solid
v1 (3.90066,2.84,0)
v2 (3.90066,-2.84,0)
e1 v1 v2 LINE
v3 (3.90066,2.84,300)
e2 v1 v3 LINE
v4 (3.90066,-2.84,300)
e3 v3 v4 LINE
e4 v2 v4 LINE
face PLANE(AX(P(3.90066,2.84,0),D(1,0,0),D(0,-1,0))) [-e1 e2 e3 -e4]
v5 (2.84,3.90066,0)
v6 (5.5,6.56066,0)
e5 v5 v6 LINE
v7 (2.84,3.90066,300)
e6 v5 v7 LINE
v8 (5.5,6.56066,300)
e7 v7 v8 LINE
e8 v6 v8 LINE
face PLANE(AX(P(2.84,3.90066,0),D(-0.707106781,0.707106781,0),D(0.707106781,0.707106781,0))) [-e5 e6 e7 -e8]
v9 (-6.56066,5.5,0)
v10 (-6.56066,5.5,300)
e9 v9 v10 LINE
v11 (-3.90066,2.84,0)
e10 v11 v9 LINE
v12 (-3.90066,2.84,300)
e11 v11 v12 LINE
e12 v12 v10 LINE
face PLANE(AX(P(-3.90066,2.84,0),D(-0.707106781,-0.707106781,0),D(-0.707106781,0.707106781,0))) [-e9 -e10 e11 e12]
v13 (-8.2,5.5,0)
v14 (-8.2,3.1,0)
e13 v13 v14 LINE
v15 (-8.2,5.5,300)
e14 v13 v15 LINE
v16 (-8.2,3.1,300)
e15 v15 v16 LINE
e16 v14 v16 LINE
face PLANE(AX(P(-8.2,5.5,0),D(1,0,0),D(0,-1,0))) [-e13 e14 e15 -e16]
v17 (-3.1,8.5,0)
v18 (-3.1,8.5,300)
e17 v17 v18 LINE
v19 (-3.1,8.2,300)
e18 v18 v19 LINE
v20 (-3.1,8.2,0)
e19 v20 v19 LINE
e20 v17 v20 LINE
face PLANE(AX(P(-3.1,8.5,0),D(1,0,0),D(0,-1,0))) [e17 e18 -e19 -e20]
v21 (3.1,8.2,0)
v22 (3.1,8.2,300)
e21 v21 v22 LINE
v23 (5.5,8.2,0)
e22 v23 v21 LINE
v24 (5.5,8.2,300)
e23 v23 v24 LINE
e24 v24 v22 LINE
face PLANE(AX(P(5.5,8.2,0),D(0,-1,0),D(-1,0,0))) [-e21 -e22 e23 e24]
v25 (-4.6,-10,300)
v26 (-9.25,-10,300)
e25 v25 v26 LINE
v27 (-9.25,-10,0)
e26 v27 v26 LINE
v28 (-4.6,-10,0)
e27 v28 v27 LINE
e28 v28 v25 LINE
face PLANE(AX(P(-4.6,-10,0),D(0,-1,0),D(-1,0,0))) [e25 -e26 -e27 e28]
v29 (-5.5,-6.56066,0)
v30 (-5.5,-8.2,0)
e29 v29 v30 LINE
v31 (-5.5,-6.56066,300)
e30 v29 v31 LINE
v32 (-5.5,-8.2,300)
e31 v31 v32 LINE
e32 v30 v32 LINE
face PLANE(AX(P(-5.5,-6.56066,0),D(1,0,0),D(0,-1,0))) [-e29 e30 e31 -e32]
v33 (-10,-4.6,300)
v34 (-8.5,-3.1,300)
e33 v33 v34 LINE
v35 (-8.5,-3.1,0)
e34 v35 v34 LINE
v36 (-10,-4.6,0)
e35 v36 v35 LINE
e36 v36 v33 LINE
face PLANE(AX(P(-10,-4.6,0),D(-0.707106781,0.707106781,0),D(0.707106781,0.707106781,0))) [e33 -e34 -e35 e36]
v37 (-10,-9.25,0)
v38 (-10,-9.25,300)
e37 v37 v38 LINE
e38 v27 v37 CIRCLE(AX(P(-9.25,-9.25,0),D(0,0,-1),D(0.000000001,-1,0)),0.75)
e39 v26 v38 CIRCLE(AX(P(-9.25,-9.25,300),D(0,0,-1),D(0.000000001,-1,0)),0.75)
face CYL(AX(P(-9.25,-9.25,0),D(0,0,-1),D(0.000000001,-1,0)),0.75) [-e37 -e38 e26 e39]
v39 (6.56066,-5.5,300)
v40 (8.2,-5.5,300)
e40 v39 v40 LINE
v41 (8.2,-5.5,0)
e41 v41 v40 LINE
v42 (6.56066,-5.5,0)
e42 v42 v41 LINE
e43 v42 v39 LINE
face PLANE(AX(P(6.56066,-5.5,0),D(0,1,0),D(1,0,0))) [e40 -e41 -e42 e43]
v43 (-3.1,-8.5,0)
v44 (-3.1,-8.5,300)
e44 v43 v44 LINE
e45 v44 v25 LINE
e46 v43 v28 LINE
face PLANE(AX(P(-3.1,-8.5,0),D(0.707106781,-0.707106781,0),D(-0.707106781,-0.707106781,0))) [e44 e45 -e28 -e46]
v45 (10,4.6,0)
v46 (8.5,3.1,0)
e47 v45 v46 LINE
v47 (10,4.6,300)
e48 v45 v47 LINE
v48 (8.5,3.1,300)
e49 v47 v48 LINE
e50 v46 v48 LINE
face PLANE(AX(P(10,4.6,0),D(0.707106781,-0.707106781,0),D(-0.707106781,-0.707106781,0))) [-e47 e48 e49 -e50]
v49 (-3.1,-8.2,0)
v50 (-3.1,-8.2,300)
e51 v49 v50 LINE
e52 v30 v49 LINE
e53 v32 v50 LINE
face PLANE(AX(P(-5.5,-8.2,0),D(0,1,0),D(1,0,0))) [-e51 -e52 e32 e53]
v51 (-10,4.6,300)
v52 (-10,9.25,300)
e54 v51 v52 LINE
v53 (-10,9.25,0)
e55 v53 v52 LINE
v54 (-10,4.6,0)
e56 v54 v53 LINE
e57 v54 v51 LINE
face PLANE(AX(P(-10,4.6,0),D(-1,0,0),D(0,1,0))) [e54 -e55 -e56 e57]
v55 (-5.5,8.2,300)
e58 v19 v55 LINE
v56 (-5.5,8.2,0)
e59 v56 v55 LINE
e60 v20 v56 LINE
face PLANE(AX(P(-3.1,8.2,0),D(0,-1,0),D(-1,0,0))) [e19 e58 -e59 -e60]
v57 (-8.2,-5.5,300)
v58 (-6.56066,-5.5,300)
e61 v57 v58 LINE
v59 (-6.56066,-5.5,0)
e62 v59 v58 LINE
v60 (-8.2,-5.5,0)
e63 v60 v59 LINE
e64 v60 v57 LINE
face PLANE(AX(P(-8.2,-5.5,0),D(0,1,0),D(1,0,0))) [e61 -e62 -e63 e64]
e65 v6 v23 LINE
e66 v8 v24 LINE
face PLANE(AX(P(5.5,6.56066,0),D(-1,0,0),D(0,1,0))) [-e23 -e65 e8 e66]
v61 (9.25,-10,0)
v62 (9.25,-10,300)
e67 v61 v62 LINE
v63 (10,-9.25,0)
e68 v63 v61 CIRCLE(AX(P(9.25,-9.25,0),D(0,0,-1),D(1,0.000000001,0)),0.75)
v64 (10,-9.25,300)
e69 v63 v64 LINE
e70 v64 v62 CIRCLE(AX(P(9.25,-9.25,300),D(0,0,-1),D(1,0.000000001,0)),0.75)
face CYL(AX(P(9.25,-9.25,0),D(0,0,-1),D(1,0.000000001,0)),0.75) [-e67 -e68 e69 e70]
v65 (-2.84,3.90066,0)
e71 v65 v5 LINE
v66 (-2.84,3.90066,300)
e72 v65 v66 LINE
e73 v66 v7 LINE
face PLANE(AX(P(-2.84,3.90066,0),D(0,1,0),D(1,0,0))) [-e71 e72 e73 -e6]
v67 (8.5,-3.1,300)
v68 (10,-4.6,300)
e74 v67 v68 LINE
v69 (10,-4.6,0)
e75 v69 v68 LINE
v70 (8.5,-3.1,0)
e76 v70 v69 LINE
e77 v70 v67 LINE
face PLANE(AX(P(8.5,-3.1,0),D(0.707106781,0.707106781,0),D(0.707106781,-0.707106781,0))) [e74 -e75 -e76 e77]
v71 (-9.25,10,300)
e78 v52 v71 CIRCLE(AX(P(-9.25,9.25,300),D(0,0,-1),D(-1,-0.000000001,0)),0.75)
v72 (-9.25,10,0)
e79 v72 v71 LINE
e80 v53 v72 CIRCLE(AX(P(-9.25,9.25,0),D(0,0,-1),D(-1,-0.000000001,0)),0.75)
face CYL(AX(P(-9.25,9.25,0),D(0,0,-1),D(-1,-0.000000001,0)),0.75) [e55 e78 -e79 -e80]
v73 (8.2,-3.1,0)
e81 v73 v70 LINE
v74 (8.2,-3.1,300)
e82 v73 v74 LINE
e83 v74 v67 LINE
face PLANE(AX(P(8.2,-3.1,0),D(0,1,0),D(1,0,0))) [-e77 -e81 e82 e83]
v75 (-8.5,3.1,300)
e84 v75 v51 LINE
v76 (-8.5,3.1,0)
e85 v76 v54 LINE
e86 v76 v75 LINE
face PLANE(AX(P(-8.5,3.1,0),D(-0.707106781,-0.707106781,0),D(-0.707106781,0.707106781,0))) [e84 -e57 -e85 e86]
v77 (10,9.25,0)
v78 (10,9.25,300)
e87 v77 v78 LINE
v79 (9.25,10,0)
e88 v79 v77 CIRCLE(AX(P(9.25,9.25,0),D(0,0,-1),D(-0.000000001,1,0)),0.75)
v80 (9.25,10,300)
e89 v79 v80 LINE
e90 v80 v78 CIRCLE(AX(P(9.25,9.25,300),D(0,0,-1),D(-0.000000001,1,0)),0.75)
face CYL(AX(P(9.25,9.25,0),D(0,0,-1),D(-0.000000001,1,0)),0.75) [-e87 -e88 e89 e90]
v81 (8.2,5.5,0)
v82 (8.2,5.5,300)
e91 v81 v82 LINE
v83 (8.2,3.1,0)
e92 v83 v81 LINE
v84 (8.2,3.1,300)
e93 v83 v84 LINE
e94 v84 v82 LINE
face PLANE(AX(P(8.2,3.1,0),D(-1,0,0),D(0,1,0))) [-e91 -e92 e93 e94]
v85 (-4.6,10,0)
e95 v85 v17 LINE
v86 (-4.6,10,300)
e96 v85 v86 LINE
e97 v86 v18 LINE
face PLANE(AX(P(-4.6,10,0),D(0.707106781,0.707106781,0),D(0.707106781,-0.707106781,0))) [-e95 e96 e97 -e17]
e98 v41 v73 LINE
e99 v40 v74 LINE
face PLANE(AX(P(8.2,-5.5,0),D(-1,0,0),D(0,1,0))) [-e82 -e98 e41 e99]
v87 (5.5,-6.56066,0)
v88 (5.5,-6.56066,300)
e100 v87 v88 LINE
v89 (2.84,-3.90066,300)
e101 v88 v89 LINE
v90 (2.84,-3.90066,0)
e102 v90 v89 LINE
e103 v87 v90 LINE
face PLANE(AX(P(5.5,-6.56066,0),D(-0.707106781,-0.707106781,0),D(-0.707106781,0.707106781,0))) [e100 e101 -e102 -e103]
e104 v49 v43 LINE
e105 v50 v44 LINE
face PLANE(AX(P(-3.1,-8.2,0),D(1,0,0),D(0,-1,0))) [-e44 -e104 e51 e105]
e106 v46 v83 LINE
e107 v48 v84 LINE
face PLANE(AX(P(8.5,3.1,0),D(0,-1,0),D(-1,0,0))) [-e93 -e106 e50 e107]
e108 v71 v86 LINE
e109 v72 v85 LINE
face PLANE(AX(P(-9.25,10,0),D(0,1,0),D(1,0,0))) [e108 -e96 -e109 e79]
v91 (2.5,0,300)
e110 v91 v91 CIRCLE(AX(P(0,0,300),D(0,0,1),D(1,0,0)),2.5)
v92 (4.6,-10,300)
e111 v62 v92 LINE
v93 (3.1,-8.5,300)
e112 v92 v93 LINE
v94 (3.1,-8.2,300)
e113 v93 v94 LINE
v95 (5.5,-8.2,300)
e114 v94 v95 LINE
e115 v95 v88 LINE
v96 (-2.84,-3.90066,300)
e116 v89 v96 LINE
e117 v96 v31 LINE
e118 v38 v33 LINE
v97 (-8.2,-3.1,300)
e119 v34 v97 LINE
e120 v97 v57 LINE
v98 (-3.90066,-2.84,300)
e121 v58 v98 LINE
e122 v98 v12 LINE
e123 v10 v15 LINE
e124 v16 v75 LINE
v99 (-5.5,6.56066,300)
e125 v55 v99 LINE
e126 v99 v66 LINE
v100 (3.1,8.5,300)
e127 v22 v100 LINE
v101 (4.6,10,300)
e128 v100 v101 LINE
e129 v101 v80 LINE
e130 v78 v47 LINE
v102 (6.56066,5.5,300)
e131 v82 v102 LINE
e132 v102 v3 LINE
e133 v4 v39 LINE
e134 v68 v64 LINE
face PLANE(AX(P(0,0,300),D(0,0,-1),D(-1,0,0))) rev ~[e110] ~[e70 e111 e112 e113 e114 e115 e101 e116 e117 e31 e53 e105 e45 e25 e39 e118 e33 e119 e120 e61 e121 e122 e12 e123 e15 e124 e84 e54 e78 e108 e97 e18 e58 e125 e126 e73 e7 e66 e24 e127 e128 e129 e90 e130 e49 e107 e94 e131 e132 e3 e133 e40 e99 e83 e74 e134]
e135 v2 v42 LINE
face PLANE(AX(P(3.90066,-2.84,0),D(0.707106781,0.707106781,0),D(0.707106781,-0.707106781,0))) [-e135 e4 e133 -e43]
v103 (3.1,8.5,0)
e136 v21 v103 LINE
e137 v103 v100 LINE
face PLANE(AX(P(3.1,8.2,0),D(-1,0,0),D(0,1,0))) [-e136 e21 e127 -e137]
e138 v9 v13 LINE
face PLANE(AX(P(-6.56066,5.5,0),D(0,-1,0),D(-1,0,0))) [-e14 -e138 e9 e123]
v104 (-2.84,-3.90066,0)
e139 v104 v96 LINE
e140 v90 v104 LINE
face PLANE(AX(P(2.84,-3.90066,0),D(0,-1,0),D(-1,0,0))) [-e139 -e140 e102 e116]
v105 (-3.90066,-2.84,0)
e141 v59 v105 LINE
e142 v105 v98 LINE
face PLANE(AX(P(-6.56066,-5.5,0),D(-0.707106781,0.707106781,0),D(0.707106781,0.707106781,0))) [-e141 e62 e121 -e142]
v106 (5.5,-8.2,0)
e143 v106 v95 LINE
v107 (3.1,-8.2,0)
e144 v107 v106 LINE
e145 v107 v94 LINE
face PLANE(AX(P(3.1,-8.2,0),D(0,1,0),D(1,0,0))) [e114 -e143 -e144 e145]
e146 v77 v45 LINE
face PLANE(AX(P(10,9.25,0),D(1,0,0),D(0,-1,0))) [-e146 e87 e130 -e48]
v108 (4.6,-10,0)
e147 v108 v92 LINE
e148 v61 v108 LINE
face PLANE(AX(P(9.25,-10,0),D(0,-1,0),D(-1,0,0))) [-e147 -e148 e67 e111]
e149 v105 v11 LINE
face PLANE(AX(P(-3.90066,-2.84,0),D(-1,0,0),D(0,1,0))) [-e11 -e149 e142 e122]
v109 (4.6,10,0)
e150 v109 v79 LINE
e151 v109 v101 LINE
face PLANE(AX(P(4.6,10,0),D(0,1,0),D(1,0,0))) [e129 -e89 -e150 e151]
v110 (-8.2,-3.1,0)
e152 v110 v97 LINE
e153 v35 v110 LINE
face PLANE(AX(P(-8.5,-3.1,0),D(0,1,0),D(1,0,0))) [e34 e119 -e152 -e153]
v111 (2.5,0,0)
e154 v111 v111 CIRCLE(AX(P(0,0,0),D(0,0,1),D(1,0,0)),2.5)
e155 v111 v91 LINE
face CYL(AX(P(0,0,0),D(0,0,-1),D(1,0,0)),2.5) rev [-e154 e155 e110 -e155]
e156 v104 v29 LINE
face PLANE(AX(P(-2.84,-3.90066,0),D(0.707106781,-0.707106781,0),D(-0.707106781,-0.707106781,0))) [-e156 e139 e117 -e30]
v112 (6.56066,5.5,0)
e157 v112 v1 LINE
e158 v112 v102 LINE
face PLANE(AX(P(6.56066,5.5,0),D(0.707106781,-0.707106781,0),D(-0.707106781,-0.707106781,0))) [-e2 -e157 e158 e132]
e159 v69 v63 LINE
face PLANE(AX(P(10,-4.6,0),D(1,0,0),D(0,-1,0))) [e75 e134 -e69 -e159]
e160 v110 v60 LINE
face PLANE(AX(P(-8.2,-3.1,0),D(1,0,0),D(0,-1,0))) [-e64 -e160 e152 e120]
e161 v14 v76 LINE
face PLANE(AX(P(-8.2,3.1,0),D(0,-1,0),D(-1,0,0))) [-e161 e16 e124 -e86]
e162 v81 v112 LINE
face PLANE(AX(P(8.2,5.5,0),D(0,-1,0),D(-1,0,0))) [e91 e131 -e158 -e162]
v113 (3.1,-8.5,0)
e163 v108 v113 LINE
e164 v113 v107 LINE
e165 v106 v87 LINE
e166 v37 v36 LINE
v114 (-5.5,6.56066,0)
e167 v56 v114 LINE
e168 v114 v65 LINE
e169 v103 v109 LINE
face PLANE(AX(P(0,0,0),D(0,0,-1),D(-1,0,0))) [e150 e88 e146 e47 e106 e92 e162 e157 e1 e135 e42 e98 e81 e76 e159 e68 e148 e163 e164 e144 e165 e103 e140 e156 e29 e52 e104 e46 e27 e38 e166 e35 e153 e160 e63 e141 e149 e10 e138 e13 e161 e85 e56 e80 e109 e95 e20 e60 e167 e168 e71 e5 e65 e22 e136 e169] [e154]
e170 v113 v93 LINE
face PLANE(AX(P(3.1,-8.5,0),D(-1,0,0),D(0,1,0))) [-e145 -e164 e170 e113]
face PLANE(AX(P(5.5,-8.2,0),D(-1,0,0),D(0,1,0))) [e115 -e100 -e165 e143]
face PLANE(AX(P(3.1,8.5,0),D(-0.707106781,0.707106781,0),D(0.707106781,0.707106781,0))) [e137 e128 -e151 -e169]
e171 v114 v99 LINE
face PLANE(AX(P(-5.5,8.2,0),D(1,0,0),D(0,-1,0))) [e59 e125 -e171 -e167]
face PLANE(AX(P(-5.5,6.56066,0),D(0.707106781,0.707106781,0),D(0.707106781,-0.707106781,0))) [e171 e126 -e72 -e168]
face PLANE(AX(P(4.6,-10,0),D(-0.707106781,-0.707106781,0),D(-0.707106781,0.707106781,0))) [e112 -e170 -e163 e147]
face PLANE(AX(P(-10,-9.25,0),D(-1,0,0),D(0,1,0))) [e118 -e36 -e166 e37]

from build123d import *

# Parameters (mm, degrees)
CROQUIS1_R              = 2.5
SALIENTE_EXTRUIR1_DEPTH = 300


with BuildPart() as part:
    # Croquis1 → Saliente-Extruir1 (new body)
    with BuildSketch(Plane.XY):
        with BuildLine():
            Line((-4.6, 10), (-3.1, 8.5))
            Line((-3.1, 8.5), (-3.1, 8.2))
            Line((-3.1, 8.2), (-5.5, 8.2))
            Line((-5.5, 8.2), (-5.5, 6.560660172))
            Line((-5.5, 6.560660172), (-2.84, 3.900660172))
            Line((-2.84, 3.900660172), (0, 3.900660172))
            Line((0, 3.900660172), (2.84, 3.900660172))
            Line((2.84, 3.900660172), (5.5, 6.560660172))
            Line((5.5, 6.560660172), (5.5, 8.2))
            Line((5.5, 8.2), (3.1, 8.2))
            Line((3.1, 8.2), (3.1, 8.5))
            Line((3.1, 8.5), (4.6, 10))
            Line((4.6, 10), (9.25, 10))
            ThreePointArc((9.25, 10), (9.780330086, 9.780330086), (10, 9.25))
            Line((10, 9.25), (10, 4.6))
            Line((10, 4.6), (8.5, 3.1))
            Line((8.5, 3.1), (8.2, 3.1))
            Line((8.2, 3.1), (8.2, 5.5))
            Line((8.2, 5.5), (6.560660172, 5.5))
            Line((6.560660172, 5.5), (3.900660172, 2.84))
            Line((3.900660172, 2.84), (3.900660172, 0))
            Line((3.900660172, 0), (3.900660172, -2.84))
            Line((3.900660172, -2.84), (6.560660172, -5.5))
            Line((6.560660172, -5.5), (8.2, -5.5))
            Line((8.2, -5.5), (8.2, -3.1))
            Line((8.2, -3.1), (8.5, -3.1))
            Line((8.5, -3.1), (10, -4.6))
            Line((10, -4.6), (10, -9.25))
            ThreePointArc((10, -9.25), (9.780330086, -9.780330086), (9.25, -10))
            Line((9.25, -10), (4.6, -10))
            Line((4.6, -10), (3.1, -8.5))
            Line((3.1, -8.5), (3.1, -8.2))
            Line((3.1, -8.2), (5.5, -8.2))
            Line((5.5, -8.2), (5.5, -6.560660172))
            Line((5.5, -6.560660172), (2.84, -3.900660172))
            Line((2.84, -3.900660172), (0, -3.900660172))
            Line((0, -3.900660172), (-2.84, -3.900660172))
            Line((-2.84, -3.900660172), (-5.5, -6.560660172))
            Line((-5.5, -6.560660172), (-5.5, -8.2))
            Line((-5.5, -8.2), (-3.1, -8.2))
            Line((-3.1, -8.2), (-3.1, -8.5))
            Line((-3.1, -8.5), (-4.6, -10))
            Line((-4.6, -10), (-9.25, -10))
            ThreePointArc((-9.25, -10), (-9.780330086, -9.780330086), (-10, -9.25))
            Line((-10, -9.25), (-10, -4.6))
            Line((-10, -4.6), (-8.5, -3.1))
            Line((-8.5, -3.1), (-8.2, -3.1))
            Line((-8.2, -3.1), (-8.2, -5.5))
            Line((-8.2, -5.5), (-6.560660172, -5.5))
            Line((-6.560660172, -5.5), (-3.900660172, -2.84))
            Line((-3.900660172, -2.84), (-3.900660172, 0))
            Line((-3.900660172, 0), (-3.900660172, 2.84))
            Line((-3.900660172, 2.84), (-6.560660172, 5.5))
            Line((-6.560660172, 5.5), (-8.2, 5.5))
            Line((-8.2, 5.5), (-8.2, 3.1))
            Line((-8.2, 3.1), (-8.5, 3.1))
            Line((-8.5, 3.1), (-10, 4.6))
            Line((-10, 4.6), (-10, 9.25))
            ThreePointArc((-10, 9.25), (-9.780330086, 9.780330086), (-9.25, 10))
            Line((-9.25, 10), (-4.6, 10))
        make_face()
        Circle(CROQUIS1_R, mode=Mode.SUBTRACT)
    extrude(amount=SALIENTE_EXTRUIR1_DEPTH)


solid = part.part
